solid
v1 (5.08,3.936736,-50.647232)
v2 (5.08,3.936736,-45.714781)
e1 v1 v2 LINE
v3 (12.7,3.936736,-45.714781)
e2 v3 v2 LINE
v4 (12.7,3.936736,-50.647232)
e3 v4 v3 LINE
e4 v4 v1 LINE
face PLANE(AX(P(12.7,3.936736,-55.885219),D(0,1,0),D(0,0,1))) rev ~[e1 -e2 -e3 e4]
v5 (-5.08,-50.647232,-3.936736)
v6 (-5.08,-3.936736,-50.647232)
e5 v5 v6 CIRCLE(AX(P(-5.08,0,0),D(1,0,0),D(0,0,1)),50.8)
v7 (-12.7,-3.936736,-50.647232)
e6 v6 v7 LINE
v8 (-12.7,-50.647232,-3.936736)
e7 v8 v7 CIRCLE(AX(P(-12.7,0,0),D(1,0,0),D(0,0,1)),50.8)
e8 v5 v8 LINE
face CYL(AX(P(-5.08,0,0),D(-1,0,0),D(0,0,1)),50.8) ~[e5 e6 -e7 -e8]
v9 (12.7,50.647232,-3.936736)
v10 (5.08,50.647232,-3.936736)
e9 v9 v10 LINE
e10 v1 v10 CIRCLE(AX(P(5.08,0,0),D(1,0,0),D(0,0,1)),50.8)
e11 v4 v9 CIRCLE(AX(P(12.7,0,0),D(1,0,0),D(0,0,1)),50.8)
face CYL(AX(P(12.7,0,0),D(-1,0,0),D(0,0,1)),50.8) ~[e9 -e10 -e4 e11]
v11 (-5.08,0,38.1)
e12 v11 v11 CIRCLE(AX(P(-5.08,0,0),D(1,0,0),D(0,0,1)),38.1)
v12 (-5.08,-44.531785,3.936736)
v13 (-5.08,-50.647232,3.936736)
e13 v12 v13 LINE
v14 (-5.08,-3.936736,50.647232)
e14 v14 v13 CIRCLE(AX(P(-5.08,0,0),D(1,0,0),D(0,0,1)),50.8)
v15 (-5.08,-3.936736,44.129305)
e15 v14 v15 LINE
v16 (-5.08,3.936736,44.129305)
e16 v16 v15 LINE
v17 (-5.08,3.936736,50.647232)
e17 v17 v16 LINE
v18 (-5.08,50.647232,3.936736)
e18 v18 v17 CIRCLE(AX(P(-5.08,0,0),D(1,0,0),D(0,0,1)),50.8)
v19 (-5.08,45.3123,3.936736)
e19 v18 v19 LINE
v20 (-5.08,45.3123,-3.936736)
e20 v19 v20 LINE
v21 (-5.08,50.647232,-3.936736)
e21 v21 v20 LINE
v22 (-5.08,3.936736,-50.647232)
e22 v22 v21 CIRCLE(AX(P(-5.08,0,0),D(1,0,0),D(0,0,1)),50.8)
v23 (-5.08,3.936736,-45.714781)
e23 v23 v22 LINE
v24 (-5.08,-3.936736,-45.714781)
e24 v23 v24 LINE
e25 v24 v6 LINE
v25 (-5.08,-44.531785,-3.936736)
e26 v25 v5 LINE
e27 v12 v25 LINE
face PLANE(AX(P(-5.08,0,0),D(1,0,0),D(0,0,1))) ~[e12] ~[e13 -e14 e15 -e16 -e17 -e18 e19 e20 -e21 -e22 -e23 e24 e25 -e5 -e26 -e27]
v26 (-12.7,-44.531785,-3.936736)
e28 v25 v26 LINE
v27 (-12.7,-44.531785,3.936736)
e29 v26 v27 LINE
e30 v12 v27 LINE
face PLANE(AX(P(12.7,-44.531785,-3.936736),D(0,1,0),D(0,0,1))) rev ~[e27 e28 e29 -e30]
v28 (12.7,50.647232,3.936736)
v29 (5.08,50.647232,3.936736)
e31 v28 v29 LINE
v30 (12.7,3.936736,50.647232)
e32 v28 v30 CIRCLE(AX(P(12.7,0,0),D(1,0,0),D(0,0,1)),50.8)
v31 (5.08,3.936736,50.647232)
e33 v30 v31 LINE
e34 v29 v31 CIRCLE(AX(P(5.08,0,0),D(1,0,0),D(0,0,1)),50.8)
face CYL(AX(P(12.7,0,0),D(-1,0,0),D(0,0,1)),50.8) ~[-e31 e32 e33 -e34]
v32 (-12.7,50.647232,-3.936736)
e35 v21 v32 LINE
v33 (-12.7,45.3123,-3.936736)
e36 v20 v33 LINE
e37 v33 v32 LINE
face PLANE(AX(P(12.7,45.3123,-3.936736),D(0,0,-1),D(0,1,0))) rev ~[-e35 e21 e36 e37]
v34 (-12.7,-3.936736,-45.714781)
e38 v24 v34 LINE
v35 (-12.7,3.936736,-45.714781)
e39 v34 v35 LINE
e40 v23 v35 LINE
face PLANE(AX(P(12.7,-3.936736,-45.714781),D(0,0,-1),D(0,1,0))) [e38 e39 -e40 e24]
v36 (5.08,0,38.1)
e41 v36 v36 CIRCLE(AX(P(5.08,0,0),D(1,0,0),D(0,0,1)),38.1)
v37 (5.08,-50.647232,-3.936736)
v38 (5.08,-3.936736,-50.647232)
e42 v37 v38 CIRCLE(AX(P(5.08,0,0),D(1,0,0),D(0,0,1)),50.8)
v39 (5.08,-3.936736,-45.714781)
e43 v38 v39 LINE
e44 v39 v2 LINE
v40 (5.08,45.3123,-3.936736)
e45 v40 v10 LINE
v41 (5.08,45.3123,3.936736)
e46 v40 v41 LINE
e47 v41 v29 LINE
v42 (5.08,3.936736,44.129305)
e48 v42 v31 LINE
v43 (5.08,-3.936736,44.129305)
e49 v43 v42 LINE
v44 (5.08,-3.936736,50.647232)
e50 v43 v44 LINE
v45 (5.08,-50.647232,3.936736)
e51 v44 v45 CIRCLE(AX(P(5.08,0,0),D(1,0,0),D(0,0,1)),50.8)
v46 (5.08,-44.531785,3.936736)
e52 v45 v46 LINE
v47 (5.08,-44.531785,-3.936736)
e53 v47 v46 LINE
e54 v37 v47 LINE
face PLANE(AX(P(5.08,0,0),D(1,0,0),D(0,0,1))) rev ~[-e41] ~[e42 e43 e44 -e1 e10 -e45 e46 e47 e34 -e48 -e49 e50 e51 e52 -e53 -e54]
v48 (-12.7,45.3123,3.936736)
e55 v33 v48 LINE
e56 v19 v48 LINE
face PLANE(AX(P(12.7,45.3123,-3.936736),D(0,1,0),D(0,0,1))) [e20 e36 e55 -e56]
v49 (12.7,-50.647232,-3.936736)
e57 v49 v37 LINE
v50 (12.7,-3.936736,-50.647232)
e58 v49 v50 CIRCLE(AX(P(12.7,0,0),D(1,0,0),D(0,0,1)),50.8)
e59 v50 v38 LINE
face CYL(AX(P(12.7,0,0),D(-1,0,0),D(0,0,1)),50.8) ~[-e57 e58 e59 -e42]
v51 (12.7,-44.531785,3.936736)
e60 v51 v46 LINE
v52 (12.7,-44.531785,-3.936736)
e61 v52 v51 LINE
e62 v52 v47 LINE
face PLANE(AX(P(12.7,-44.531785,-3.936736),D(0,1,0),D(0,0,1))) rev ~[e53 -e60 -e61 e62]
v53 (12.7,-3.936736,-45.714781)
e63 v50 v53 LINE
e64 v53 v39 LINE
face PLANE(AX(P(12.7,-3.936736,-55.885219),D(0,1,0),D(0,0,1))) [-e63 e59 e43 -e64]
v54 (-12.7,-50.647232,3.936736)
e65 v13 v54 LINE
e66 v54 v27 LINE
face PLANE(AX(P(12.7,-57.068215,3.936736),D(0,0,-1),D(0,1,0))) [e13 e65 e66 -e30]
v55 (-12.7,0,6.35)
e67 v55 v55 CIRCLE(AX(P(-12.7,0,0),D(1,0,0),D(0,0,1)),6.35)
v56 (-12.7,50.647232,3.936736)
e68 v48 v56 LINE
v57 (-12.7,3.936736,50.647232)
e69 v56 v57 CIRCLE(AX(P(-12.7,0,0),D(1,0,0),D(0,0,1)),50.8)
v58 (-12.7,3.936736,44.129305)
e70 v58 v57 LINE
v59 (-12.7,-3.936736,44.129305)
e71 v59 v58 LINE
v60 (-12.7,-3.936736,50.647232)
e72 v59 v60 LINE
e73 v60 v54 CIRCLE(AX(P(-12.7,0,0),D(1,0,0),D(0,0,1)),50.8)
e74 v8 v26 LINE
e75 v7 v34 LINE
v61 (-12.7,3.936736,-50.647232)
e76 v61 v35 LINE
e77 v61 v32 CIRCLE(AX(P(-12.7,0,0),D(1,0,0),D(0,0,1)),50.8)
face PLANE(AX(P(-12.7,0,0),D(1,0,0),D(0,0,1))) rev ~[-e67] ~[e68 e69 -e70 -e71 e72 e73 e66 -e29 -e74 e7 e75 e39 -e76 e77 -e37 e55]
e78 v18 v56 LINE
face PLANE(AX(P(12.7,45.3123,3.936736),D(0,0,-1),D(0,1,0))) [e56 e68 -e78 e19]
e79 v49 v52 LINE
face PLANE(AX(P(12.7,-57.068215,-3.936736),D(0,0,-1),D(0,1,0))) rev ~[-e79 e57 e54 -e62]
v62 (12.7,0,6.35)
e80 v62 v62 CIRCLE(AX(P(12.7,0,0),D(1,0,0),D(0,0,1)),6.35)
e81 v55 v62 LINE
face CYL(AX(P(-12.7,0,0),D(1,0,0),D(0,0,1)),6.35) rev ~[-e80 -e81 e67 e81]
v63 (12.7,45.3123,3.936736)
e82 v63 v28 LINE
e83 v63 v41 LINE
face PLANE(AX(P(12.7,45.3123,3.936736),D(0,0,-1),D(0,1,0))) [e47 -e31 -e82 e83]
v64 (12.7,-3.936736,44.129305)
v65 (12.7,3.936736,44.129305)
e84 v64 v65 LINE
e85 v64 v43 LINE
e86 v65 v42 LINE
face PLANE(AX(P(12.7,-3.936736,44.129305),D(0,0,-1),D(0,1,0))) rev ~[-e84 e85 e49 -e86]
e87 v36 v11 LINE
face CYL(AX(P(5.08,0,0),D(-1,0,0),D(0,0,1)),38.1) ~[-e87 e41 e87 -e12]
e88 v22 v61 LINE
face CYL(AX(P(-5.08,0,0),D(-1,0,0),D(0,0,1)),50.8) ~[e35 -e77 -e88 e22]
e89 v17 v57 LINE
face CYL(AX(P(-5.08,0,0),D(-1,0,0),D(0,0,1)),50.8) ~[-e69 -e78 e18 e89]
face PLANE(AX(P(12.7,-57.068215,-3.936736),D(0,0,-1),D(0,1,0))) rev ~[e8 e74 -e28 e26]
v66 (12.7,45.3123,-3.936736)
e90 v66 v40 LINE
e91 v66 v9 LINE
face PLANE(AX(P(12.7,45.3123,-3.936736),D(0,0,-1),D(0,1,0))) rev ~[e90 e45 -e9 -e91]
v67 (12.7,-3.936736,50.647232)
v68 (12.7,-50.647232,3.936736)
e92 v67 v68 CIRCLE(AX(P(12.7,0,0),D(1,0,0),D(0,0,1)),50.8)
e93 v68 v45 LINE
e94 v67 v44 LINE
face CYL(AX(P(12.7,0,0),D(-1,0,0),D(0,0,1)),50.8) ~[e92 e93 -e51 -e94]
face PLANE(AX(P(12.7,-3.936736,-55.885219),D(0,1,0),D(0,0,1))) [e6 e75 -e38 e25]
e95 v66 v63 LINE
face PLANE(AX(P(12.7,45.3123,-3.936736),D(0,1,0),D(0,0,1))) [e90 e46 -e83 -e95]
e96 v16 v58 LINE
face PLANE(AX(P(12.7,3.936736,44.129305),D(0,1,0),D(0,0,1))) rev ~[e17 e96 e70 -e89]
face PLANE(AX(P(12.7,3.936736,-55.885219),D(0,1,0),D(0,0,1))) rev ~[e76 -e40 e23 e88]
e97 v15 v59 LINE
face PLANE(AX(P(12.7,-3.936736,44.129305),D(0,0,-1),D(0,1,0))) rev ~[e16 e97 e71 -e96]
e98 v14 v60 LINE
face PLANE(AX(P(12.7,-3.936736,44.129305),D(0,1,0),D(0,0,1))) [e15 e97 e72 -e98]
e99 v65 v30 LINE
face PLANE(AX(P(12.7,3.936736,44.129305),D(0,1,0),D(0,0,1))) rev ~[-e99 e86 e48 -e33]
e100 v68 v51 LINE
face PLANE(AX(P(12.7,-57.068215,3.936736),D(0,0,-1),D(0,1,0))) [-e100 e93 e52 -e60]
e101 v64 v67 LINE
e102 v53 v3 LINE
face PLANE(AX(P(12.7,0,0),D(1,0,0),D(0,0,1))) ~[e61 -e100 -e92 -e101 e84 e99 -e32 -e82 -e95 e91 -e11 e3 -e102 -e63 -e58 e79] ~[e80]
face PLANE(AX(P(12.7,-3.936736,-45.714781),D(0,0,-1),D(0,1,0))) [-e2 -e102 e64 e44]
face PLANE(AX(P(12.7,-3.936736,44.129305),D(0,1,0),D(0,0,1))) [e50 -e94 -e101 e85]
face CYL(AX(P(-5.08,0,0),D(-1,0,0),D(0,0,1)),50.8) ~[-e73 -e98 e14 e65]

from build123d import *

# Parameters (mm, degrees)
F2_W     = 7.873472
F2_H     = 13.34139
F2_W_2   = 10.9754
F2_H_2   = 7.873472
F2_H_3   = 10.170438
F2_W_3   = 12.53643
F3_DEPTH = 25.401


with BuildPart() as f1:
    # F0 (on Front) → F1 (revolve)
    with BuildSketch(Plane.XZ):
        Polygon((-12.7, 6.35), (12.7, 6.35), (12.7, 50.8), (5.08, 50.8), (5.08, 38.1), (-5.08, 38.1), (-5.08, 50.8), (-12.7, 50.8), align=None)
    revolve(axis=Axis((6.966796, 0, 0), (1, 0, 0)))

    # F2 (on face) → F3 (cut, through all)
    with BuildSketch(Plane.YZ.offset(12.7)):
        with Locations((0, 50.8)):
            Rectangle(F2_W, F2_H)
        with Locations((50.8, 0)):
            Rectangle(F2_W_2, F2_H_2)
        with Locations((0, -50.8)):
            Rectangle(F2_W, F2_H_3)
        with Locations((-50.8, 0)):
            Rectangle(F2_W_3, F2_H_2)
    extrude(amount=-F3_DEPTH, mode=Mode.SUBTRACT)


solid = f1.part
